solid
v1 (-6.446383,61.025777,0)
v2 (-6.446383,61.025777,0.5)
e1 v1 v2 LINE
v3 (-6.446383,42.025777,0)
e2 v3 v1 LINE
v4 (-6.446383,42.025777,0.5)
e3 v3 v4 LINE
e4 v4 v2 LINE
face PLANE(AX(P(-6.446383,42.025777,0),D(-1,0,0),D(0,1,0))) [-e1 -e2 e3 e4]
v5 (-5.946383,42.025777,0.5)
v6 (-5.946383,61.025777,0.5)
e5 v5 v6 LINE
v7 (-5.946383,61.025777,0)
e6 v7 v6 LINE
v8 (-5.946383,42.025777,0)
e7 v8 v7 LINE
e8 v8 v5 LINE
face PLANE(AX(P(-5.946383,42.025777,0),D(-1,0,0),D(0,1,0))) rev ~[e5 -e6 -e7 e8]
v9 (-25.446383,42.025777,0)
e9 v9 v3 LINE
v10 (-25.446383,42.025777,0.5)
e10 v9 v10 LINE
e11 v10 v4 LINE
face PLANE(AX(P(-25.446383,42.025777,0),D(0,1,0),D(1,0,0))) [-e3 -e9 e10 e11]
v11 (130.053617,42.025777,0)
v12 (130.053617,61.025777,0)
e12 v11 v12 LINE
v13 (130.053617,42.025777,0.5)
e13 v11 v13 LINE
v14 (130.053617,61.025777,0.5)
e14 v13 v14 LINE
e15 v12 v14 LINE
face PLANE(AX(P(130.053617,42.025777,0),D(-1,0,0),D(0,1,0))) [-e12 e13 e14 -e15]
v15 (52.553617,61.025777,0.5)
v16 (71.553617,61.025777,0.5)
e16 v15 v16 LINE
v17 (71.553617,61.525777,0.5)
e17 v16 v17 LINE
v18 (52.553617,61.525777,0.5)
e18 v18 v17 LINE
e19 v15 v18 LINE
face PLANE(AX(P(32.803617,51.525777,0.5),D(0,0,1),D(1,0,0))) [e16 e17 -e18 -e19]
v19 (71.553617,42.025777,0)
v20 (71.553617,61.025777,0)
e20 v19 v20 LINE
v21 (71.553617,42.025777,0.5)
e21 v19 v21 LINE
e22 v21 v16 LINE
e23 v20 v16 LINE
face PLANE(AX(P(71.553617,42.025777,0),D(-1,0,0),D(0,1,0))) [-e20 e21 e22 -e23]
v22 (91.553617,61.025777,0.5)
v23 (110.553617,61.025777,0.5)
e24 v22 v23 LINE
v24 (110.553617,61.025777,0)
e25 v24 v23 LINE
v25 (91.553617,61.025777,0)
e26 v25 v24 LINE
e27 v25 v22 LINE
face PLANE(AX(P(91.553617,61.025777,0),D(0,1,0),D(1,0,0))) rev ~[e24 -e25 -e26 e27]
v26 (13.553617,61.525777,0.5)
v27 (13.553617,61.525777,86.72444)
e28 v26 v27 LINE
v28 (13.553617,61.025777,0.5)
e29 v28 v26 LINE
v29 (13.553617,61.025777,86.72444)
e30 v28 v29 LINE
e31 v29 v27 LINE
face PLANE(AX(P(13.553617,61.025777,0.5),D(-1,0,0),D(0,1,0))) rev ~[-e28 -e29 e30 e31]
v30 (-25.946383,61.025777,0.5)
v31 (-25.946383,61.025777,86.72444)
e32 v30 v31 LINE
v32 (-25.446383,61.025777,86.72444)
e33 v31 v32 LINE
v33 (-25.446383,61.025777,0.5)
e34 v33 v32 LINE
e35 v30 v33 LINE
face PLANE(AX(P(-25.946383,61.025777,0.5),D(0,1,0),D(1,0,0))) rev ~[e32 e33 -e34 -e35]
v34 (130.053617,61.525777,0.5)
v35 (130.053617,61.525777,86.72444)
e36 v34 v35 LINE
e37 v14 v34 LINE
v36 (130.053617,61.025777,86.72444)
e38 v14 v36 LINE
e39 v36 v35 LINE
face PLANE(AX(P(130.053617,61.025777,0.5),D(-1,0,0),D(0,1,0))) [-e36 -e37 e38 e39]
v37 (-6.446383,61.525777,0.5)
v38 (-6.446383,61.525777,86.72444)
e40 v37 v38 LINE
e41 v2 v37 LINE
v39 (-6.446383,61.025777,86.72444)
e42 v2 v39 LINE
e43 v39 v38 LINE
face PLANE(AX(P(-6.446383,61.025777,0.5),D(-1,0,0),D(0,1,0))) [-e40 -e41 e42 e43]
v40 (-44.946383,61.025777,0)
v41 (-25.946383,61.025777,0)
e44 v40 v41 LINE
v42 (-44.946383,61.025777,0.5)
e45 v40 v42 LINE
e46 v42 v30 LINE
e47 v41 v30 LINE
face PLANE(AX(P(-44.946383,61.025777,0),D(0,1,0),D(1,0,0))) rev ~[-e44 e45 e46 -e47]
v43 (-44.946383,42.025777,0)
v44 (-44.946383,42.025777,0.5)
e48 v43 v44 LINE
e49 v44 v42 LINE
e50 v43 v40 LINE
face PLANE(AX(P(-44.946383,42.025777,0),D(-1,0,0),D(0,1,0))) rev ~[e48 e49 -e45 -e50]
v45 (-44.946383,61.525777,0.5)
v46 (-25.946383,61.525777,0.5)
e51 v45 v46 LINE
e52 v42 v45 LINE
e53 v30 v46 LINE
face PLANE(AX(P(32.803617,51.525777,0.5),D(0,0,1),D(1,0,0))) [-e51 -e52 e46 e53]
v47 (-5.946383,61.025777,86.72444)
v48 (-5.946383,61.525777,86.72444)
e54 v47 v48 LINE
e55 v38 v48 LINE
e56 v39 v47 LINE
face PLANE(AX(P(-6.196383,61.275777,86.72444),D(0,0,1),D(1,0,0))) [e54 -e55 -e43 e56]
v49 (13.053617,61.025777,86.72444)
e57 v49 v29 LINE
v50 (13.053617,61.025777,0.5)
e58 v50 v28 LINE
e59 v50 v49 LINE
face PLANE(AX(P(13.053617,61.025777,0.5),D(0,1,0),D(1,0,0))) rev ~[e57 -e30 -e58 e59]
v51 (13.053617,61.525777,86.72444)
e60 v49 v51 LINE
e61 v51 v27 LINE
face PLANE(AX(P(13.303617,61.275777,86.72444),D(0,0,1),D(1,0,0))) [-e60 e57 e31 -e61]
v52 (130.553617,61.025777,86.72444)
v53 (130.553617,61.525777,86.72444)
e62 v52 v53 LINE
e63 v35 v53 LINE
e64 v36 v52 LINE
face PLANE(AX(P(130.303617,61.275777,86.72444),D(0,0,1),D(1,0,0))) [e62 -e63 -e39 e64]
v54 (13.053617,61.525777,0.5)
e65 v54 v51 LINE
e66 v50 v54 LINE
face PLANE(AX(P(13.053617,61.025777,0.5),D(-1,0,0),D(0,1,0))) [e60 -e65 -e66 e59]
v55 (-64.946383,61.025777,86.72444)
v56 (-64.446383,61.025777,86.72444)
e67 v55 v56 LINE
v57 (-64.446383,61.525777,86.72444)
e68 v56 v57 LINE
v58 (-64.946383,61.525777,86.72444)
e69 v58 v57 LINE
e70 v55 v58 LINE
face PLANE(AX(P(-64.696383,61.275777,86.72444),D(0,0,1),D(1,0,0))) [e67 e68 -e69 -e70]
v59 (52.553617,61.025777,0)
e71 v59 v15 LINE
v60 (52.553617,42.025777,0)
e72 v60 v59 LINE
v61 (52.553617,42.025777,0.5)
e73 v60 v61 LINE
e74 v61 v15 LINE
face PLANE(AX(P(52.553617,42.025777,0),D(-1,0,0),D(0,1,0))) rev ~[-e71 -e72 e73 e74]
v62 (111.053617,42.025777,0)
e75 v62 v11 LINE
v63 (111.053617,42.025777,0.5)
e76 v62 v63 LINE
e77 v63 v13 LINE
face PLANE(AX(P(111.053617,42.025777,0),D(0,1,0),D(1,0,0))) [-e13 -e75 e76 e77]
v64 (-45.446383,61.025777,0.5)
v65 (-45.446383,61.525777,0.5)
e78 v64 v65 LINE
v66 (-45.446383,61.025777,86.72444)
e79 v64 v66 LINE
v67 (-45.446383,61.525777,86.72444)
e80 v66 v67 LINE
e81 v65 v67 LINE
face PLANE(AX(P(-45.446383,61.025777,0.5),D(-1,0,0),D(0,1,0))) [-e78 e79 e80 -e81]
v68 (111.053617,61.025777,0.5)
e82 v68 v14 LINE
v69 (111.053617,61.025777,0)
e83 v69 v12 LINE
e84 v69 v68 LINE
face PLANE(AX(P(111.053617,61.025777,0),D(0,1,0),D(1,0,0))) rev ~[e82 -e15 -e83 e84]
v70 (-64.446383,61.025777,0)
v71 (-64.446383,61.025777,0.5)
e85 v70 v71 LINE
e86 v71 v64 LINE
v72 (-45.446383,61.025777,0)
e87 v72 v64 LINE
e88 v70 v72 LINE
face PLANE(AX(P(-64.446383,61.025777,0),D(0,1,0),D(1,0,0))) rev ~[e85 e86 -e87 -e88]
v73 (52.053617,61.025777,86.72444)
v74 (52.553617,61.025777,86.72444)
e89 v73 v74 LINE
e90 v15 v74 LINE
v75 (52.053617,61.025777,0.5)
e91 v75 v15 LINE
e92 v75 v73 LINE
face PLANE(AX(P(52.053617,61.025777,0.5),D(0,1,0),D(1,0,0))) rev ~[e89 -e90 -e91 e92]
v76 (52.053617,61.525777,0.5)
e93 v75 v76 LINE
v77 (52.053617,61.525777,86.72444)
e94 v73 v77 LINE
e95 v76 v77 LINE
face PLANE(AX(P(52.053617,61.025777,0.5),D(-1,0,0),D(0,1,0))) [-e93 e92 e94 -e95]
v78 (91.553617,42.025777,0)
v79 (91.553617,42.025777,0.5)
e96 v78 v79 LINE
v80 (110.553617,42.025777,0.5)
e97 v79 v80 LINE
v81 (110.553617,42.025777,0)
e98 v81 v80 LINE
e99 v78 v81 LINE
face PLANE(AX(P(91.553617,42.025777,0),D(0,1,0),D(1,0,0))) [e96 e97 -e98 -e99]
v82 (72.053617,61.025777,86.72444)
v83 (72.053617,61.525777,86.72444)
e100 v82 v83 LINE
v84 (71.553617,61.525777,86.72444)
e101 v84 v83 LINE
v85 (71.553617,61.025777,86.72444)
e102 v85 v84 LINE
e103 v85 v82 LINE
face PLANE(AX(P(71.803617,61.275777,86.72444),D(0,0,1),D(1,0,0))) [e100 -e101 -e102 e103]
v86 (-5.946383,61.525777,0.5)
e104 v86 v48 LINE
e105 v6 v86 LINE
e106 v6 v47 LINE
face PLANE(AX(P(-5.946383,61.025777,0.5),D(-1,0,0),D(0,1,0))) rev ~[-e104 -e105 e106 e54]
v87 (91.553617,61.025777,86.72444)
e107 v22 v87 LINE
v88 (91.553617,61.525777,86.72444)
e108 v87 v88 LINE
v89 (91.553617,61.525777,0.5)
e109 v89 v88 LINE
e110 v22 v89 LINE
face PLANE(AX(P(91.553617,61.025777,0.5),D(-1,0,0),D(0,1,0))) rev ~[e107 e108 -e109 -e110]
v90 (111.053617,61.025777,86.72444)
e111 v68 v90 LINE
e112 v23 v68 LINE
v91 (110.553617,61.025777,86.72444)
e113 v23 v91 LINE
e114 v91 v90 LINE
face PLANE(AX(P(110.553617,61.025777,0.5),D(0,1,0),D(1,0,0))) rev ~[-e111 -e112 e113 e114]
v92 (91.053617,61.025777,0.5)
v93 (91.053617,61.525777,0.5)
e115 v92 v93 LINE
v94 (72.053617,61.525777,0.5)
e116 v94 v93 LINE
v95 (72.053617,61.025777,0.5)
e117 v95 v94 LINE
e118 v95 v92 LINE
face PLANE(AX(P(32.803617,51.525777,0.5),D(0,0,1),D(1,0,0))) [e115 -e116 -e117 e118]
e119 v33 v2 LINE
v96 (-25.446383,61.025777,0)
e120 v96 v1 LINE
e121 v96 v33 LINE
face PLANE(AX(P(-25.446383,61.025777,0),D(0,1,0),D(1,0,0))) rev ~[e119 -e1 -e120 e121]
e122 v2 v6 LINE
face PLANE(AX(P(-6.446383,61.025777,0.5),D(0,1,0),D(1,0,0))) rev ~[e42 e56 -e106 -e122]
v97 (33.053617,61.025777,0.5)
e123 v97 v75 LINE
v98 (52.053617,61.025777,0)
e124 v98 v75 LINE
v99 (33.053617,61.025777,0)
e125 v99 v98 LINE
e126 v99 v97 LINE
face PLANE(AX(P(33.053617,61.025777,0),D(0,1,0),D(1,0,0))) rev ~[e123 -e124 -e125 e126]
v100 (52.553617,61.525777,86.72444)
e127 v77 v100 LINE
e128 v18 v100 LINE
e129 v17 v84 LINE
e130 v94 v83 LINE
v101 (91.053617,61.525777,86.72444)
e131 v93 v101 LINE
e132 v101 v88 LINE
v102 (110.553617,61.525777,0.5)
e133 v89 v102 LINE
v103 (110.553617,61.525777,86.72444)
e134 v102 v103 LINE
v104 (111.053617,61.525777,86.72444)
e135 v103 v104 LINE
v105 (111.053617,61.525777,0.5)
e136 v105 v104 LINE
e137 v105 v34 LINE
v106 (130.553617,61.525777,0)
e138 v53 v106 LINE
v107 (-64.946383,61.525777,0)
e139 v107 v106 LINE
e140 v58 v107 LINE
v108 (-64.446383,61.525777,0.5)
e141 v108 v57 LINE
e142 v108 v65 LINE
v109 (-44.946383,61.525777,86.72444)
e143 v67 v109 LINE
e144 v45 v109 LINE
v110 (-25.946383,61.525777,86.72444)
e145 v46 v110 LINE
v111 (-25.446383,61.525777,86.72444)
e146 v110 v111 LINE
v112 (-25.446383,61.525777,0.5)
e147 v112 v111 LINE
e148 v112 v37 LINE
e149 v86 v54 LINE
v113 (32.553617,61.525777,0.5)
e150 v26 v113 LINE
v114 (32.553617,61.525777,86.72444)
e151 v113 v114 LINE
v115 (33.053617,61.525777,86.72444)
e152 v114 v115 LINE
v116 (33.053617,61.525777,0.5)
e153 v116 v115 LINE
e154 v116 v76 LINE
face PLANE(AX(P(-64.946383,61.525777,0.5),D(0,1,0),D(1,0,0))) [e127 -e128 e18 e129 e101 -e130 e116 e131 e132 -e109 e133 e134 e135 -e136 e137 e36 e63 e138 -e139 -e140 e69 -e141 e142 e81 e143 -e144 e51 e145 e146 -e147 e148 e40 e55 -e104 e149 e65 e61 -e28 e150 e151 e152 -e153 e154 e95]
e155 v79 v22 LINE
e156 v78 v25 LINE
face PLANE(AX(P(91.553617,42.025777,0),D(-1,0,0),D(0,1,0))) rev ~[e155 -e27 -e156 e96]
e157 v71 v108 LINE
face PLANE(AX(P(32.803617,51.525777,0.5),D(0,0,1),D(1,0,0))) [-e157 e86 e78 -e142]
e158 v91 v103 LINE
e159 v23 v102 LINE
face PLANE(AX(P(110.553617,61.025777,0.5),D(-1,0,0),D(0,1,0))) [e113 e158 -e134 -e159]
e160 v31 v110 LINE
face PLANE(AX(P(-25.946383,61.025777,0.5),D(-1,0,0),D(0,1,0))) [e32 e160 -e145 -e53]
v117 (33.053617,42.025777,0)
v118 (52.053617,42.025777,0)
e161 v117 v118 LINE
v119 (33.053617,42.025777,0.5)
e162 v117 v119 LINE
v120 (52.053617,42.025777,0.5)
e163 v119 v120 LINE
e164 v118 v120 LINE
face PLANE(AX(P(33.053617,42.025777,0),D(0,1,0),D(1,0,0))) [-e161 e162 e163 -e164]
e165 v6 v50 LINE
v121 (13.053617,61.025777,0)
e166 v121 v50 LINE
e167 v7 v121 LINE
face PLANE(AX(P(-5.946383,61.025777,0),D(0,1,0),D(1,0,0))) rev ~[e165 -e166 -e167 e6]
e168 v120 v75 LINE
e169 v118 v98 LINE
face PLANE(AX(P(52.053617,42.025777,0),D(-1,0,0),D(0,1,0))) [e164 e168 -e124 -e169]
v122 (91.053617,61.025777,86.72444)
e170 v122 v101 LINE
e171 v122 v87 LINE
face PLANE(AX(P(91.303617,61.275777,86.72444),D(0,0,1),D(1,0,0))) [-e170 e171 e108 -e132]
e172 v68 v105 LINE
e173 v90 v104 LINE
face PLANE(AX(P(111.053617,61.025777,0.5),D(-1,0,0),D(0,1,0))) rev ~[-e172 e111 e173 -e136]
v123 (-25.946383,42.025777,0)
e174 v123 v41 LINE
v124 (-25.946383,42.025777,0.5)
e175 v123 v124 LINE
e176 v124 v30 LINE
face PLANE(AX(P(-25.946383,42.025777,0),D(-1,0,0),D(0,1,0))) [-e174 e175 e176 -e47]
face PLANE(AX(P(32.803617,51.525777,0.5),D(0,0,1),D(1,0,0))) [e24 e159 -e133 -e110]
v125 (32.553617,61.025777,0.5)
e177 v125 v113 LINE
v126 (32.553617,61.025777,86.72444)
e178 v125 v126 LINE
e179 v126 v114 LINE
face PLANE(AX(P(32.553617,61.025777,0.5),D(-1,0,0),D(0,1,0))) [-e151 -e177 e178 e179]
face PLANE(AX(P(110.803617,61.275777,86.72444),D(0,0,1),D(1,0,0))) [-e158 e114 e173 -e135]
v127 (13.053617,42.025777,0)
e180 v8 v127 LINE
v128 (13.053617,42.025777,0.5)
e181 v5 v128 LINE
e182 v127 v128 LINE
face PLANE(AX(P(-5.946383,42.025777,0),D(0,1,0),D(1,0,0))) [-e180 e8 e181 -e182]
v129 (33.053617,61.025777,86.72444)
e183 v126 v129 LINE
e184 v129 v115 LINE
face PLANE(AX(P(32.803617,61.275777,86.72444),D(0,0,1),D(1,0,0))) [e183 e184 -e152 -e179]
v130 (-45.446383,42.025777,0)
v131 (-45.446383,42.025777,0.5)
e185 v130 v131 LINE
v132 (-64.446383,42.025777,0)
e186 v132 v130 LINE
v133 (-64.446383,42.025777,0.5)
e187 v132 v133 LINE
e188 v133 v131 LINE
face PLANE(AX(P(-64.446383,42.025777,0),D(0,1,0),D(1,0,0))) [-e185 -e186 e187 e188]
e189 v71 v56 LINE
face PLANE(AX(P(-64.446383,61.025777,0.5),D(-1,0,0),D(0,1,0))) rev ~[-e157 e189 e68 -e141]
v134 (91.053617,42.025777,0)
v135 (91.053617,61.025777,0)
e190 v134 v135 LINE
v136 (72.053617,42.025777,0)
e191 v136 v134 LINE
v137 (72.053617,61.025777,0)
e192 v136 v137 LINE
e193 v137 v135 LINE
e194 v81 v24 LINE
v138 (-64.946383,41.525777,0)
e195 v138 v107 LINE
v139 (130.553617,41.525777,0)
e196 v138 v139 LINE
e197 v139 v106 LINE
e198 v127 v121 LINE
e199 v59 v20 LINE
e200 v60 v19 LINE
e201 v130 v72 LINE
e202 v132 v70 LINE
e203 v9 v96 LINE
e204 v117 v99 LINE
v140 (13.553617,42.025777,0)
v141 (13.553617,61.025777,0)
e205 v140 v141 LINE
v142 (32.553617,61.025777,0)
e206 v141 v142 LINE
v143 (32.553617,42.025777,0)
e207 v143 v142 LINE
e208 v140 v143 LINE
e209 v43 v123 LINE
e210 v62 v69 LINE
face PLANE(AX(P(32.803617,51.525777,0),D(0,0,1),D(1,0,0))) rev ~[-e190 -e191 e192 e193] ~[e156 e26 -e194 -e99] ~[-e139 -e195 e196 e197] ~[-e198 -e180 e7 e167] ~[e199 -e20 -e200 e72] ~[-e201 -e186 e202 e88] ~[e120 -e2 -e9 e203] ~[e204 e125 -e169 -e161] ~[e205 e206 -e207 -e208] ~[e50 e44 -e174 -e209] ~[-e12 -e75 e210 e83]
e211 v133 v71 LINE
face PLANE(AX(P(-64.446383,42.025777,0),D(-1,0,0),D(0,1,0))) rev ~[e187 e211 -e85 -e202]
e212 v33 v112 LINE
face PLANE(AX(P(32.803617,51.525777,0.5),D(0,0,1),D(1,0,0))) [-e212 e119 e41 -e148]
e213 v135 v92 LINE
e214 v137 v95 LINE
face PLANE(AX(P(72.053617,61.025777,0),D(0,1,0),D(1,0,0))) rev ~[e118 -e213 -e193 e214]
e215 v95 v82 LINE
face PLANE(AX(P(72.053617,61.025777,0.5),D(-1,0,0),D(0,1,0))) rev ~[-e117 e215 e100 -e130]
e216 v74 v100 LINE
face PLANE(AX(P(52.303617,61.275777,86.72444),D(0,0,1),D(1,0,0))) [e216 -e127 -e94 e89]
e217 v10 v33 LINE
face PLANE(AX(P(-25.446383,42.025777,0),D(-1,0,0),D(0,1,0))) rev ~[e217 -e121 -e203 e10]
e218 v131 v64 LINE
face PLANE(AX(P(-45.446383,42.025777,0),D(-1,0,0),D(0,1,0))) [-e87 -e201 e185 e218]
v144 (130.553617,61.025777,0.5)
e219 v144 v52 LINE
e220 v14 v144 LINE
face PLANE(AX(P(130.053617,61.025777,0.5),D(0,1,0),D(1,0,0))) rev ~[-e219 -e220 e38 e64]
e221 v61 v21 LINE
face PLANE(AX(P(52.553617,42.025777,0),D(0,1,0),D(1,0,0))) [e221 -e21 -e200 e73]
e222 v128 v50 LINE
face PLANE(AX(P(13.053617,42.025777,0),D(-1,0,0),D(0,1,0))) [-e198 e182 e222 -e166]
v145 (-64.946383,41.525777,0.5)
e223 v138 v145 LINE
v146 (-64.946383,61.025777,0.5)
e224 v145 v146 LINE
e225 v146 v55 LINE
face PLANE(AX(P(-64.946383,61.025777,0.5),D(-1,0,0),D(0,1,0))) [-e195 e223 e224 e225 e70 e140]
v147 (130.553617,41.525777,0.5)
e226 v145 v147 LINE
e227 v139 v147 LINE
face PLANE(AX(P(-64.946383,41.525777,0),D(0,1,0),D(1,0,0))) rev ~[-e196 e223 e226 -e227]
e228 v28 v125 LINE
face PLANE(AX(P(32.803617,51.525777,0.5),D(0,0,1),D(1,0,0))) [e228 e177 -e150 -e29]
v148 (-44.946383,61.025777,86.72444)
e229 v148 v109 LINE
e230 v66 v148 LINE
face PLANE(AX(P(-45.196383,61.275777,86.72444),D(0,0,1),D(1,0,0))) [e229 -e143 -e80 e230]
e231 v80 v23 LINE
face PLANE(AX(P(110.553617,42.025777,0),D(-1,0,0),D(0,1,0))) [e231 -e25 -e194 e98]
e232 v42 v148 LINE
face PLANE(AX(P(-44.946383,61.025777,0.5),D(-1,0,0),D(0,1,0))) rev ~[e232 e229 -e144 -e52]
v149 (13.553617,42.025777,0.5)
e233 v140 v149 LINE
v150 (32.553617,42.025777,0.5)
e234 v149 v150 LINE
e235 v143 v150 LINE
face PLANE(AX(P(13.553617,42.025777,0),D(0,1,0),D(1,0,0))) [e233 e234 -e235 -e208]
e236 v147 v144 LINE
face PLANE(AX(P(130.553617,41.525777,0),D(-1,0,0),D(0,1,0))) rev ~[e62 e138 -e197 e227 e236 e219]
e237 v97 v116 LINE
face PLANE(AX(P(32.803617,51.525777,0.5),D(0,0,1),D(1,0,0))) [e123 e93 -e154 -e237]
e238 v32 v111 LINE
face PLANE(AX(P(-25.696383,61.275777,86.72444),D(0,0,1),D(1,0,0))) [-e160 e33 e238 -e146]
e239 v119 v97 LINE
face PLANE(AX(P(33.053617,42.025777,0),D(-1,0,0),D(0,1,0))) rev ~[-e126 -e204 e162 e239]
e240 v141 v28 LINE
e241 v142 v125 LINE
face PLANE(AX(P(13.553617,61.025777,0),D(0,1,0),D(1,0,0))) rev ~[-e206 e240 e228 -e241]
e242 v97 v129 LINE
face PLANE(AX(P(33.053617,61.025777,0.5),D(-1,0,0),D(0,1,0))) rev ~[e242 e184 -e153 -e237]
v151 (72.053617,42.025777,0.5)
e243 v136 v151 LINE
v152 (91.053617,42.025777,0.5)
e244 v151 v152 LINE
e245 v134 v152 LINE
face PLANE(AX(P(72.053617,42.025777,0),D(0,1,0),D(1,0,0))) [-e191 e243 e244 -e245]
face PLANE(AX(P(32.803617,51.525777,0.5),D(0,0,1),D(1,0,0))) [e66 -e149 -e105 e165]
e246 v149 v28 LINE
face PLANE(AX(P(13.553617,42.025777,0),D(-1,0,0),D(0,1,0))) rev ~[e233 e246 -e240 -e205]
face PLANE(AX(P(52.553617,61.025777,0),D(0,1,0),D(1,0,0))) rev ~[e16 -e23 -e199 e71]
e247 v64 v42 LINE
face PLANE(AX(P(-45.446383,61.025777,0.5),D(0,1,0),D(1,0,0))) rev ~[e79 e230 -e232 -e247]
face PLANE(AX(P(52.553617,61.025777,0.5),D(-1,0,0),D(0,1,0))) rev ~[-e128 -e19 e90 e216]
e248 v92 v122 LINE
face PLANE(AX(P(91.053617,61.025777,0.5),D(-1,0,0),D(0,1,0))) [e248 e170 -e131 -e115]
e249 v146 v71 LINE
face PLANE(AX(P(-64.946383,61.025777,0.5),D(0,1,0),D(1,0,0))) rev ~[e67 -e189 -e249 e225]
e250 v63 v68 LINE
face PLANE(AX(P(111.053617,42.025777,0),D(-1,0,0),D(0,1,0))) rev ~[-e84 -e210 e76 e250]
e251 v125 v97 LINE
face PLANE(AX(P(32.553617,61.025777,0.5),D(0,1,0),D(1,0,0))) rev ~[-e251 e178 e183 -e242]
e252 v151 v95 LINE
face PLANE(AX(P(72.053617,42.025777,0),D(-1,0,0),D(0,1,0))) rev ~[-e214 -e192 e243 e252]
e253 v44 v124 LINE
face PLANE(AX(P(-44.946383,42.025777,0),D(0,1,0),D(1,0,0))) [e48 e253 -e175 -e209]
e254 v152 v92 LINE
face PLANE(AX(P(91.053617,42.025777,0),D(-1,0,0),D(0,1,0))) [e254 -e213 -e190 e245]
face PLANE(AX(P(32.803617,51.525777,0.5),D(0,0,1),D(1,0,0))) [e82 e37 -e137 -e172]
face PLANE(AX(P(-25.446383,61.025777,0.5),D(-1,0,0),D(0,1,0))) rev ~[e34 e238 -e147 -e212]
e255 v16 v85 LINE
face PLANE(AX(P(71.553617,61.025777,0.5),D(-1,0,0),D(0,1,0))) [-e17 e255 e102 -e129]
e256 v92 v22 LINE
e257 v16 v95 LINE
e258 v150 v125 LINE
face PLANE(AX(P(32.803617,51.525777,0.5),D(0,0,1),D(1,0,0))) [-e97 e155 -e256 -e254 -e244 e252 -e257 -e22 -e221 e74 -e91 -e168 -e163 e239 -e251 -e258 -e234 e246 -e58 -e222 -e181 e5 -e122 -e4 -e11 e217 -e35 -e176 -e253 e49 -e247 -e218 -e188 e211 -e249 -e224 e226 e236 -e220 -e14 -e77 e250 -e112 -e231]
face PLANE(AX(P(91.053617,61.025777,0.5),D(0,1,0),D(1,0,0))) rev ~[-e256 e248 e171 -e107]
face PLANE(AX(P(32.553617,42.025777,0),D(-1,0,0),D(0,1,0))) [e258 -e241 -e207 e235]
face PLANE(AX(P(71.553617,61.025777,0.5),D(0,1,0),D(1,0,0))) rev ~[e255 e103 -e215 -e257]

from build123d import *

# Parameters (mm, degrees)
F0_W     = 195.5
F0_H     = 20
F0_W_2   = 19
F0_H_2   = 19
F1_DEPTH = 0.5
F2_W     = 0.5
F2_H     = 0.5
F3_DEPTH = 86.22444


with BuildPart() as f1:
    # F0 (on Top) → F1 (new body)
    with BuildSketch(Plane.XY):
        with Locations((32.803617, 51.525777)):
            Rectangle(F0_W, F0_H)
        with Locations((-54.946383, 51.525777)):
            Rectangle(F0_W_2, F0_H_2, mode=Mode.SUBTRACT)
        with Locations((-35.446383, 51.525777)):
            Rectangle(F0_W_2, F0_H_2, mode=Mode.SUBTRACT)
        with Locations((-15.946383, 51.525777)):
            Rectangle(F0_W_2, F0_H_2, mode=Mode.SUBTRACT)
        with Locations((3.553617, 51.525777)):
            Rectangle(F0_W_2, F0_H_2, mode=Mode.SUBTRACT)
        with Locations((23.053617, 51.525777)):
            Rectangle(F0_W_2, F0_H_2, mode=Mode.SUBTRACT)
        with Locations((42.553617, 51.525777)):
            Rectangle(F0_W_2, F0_H_2, mode=Mode.SUBTRACT)
        with Locations((62.053617, 51.525777)):
            Rectangle(F0_W_2, F0_H_2, mode=Mode.SUBTRACT)
        with Locations((81.553617, 51.525777)):
            Rectangle(F0_W_2, F0_H_2, mode=Mode.SUBTRACT)
        with Locations((101.053617, 51.525777)):
            Rectangle(F0_W_2, F0_H_2, mode=Mode.SUBTRACT)
        with Locations((120.553617, 51.525777)):
            Rectangle(F0_W_2, F0_H_2, mode=Mode.SUBTRACT)
    extrude(amount=F1_DEPTH)

    # F2 (on face) → F3 (join)
    with BuildSketch(Plane.XY.offset(0.5)):
        with Locations((-64.696383, 61.275777)):
            Rectangle(F2_W, F2_H)
        with Locations((-45.196383, 61.275777)):
            Rectangle(F2_W, F2_H)
        with Locations((-25.696383, 61.275777)):
            Rectangle(F2_W, F2_H)
        with Locations((-6.196383, 61.275777)):
            Rectangle(F2_W, F2_H)
        with Locations((13.303617, 61.275777)):
            Rectangle(F2_W, F2_H)
        with Locations((32.803617, 61.275777)):
            Rectangle(F2_W, F2_H)
        with Locations((52.303617, 61.275777)):
            Rectangle(F2_W, F2_H)
        with Locations((71.803617, 61.275777)):
            Rectangle(F2_W, F2_H)
        with Locations((91.303617, 61.275777)):
            Rectangle(F2_W, F2_H)
        with Locations((110.803617, 61.275777)):
            Rectangle(F2_W, F2_H)
        with Locations((130.303617, 61.275777)):
            Rectangle(F2_W, F2_H)
    extrude(amount=F3_DEPTH)


solid = f1.part
